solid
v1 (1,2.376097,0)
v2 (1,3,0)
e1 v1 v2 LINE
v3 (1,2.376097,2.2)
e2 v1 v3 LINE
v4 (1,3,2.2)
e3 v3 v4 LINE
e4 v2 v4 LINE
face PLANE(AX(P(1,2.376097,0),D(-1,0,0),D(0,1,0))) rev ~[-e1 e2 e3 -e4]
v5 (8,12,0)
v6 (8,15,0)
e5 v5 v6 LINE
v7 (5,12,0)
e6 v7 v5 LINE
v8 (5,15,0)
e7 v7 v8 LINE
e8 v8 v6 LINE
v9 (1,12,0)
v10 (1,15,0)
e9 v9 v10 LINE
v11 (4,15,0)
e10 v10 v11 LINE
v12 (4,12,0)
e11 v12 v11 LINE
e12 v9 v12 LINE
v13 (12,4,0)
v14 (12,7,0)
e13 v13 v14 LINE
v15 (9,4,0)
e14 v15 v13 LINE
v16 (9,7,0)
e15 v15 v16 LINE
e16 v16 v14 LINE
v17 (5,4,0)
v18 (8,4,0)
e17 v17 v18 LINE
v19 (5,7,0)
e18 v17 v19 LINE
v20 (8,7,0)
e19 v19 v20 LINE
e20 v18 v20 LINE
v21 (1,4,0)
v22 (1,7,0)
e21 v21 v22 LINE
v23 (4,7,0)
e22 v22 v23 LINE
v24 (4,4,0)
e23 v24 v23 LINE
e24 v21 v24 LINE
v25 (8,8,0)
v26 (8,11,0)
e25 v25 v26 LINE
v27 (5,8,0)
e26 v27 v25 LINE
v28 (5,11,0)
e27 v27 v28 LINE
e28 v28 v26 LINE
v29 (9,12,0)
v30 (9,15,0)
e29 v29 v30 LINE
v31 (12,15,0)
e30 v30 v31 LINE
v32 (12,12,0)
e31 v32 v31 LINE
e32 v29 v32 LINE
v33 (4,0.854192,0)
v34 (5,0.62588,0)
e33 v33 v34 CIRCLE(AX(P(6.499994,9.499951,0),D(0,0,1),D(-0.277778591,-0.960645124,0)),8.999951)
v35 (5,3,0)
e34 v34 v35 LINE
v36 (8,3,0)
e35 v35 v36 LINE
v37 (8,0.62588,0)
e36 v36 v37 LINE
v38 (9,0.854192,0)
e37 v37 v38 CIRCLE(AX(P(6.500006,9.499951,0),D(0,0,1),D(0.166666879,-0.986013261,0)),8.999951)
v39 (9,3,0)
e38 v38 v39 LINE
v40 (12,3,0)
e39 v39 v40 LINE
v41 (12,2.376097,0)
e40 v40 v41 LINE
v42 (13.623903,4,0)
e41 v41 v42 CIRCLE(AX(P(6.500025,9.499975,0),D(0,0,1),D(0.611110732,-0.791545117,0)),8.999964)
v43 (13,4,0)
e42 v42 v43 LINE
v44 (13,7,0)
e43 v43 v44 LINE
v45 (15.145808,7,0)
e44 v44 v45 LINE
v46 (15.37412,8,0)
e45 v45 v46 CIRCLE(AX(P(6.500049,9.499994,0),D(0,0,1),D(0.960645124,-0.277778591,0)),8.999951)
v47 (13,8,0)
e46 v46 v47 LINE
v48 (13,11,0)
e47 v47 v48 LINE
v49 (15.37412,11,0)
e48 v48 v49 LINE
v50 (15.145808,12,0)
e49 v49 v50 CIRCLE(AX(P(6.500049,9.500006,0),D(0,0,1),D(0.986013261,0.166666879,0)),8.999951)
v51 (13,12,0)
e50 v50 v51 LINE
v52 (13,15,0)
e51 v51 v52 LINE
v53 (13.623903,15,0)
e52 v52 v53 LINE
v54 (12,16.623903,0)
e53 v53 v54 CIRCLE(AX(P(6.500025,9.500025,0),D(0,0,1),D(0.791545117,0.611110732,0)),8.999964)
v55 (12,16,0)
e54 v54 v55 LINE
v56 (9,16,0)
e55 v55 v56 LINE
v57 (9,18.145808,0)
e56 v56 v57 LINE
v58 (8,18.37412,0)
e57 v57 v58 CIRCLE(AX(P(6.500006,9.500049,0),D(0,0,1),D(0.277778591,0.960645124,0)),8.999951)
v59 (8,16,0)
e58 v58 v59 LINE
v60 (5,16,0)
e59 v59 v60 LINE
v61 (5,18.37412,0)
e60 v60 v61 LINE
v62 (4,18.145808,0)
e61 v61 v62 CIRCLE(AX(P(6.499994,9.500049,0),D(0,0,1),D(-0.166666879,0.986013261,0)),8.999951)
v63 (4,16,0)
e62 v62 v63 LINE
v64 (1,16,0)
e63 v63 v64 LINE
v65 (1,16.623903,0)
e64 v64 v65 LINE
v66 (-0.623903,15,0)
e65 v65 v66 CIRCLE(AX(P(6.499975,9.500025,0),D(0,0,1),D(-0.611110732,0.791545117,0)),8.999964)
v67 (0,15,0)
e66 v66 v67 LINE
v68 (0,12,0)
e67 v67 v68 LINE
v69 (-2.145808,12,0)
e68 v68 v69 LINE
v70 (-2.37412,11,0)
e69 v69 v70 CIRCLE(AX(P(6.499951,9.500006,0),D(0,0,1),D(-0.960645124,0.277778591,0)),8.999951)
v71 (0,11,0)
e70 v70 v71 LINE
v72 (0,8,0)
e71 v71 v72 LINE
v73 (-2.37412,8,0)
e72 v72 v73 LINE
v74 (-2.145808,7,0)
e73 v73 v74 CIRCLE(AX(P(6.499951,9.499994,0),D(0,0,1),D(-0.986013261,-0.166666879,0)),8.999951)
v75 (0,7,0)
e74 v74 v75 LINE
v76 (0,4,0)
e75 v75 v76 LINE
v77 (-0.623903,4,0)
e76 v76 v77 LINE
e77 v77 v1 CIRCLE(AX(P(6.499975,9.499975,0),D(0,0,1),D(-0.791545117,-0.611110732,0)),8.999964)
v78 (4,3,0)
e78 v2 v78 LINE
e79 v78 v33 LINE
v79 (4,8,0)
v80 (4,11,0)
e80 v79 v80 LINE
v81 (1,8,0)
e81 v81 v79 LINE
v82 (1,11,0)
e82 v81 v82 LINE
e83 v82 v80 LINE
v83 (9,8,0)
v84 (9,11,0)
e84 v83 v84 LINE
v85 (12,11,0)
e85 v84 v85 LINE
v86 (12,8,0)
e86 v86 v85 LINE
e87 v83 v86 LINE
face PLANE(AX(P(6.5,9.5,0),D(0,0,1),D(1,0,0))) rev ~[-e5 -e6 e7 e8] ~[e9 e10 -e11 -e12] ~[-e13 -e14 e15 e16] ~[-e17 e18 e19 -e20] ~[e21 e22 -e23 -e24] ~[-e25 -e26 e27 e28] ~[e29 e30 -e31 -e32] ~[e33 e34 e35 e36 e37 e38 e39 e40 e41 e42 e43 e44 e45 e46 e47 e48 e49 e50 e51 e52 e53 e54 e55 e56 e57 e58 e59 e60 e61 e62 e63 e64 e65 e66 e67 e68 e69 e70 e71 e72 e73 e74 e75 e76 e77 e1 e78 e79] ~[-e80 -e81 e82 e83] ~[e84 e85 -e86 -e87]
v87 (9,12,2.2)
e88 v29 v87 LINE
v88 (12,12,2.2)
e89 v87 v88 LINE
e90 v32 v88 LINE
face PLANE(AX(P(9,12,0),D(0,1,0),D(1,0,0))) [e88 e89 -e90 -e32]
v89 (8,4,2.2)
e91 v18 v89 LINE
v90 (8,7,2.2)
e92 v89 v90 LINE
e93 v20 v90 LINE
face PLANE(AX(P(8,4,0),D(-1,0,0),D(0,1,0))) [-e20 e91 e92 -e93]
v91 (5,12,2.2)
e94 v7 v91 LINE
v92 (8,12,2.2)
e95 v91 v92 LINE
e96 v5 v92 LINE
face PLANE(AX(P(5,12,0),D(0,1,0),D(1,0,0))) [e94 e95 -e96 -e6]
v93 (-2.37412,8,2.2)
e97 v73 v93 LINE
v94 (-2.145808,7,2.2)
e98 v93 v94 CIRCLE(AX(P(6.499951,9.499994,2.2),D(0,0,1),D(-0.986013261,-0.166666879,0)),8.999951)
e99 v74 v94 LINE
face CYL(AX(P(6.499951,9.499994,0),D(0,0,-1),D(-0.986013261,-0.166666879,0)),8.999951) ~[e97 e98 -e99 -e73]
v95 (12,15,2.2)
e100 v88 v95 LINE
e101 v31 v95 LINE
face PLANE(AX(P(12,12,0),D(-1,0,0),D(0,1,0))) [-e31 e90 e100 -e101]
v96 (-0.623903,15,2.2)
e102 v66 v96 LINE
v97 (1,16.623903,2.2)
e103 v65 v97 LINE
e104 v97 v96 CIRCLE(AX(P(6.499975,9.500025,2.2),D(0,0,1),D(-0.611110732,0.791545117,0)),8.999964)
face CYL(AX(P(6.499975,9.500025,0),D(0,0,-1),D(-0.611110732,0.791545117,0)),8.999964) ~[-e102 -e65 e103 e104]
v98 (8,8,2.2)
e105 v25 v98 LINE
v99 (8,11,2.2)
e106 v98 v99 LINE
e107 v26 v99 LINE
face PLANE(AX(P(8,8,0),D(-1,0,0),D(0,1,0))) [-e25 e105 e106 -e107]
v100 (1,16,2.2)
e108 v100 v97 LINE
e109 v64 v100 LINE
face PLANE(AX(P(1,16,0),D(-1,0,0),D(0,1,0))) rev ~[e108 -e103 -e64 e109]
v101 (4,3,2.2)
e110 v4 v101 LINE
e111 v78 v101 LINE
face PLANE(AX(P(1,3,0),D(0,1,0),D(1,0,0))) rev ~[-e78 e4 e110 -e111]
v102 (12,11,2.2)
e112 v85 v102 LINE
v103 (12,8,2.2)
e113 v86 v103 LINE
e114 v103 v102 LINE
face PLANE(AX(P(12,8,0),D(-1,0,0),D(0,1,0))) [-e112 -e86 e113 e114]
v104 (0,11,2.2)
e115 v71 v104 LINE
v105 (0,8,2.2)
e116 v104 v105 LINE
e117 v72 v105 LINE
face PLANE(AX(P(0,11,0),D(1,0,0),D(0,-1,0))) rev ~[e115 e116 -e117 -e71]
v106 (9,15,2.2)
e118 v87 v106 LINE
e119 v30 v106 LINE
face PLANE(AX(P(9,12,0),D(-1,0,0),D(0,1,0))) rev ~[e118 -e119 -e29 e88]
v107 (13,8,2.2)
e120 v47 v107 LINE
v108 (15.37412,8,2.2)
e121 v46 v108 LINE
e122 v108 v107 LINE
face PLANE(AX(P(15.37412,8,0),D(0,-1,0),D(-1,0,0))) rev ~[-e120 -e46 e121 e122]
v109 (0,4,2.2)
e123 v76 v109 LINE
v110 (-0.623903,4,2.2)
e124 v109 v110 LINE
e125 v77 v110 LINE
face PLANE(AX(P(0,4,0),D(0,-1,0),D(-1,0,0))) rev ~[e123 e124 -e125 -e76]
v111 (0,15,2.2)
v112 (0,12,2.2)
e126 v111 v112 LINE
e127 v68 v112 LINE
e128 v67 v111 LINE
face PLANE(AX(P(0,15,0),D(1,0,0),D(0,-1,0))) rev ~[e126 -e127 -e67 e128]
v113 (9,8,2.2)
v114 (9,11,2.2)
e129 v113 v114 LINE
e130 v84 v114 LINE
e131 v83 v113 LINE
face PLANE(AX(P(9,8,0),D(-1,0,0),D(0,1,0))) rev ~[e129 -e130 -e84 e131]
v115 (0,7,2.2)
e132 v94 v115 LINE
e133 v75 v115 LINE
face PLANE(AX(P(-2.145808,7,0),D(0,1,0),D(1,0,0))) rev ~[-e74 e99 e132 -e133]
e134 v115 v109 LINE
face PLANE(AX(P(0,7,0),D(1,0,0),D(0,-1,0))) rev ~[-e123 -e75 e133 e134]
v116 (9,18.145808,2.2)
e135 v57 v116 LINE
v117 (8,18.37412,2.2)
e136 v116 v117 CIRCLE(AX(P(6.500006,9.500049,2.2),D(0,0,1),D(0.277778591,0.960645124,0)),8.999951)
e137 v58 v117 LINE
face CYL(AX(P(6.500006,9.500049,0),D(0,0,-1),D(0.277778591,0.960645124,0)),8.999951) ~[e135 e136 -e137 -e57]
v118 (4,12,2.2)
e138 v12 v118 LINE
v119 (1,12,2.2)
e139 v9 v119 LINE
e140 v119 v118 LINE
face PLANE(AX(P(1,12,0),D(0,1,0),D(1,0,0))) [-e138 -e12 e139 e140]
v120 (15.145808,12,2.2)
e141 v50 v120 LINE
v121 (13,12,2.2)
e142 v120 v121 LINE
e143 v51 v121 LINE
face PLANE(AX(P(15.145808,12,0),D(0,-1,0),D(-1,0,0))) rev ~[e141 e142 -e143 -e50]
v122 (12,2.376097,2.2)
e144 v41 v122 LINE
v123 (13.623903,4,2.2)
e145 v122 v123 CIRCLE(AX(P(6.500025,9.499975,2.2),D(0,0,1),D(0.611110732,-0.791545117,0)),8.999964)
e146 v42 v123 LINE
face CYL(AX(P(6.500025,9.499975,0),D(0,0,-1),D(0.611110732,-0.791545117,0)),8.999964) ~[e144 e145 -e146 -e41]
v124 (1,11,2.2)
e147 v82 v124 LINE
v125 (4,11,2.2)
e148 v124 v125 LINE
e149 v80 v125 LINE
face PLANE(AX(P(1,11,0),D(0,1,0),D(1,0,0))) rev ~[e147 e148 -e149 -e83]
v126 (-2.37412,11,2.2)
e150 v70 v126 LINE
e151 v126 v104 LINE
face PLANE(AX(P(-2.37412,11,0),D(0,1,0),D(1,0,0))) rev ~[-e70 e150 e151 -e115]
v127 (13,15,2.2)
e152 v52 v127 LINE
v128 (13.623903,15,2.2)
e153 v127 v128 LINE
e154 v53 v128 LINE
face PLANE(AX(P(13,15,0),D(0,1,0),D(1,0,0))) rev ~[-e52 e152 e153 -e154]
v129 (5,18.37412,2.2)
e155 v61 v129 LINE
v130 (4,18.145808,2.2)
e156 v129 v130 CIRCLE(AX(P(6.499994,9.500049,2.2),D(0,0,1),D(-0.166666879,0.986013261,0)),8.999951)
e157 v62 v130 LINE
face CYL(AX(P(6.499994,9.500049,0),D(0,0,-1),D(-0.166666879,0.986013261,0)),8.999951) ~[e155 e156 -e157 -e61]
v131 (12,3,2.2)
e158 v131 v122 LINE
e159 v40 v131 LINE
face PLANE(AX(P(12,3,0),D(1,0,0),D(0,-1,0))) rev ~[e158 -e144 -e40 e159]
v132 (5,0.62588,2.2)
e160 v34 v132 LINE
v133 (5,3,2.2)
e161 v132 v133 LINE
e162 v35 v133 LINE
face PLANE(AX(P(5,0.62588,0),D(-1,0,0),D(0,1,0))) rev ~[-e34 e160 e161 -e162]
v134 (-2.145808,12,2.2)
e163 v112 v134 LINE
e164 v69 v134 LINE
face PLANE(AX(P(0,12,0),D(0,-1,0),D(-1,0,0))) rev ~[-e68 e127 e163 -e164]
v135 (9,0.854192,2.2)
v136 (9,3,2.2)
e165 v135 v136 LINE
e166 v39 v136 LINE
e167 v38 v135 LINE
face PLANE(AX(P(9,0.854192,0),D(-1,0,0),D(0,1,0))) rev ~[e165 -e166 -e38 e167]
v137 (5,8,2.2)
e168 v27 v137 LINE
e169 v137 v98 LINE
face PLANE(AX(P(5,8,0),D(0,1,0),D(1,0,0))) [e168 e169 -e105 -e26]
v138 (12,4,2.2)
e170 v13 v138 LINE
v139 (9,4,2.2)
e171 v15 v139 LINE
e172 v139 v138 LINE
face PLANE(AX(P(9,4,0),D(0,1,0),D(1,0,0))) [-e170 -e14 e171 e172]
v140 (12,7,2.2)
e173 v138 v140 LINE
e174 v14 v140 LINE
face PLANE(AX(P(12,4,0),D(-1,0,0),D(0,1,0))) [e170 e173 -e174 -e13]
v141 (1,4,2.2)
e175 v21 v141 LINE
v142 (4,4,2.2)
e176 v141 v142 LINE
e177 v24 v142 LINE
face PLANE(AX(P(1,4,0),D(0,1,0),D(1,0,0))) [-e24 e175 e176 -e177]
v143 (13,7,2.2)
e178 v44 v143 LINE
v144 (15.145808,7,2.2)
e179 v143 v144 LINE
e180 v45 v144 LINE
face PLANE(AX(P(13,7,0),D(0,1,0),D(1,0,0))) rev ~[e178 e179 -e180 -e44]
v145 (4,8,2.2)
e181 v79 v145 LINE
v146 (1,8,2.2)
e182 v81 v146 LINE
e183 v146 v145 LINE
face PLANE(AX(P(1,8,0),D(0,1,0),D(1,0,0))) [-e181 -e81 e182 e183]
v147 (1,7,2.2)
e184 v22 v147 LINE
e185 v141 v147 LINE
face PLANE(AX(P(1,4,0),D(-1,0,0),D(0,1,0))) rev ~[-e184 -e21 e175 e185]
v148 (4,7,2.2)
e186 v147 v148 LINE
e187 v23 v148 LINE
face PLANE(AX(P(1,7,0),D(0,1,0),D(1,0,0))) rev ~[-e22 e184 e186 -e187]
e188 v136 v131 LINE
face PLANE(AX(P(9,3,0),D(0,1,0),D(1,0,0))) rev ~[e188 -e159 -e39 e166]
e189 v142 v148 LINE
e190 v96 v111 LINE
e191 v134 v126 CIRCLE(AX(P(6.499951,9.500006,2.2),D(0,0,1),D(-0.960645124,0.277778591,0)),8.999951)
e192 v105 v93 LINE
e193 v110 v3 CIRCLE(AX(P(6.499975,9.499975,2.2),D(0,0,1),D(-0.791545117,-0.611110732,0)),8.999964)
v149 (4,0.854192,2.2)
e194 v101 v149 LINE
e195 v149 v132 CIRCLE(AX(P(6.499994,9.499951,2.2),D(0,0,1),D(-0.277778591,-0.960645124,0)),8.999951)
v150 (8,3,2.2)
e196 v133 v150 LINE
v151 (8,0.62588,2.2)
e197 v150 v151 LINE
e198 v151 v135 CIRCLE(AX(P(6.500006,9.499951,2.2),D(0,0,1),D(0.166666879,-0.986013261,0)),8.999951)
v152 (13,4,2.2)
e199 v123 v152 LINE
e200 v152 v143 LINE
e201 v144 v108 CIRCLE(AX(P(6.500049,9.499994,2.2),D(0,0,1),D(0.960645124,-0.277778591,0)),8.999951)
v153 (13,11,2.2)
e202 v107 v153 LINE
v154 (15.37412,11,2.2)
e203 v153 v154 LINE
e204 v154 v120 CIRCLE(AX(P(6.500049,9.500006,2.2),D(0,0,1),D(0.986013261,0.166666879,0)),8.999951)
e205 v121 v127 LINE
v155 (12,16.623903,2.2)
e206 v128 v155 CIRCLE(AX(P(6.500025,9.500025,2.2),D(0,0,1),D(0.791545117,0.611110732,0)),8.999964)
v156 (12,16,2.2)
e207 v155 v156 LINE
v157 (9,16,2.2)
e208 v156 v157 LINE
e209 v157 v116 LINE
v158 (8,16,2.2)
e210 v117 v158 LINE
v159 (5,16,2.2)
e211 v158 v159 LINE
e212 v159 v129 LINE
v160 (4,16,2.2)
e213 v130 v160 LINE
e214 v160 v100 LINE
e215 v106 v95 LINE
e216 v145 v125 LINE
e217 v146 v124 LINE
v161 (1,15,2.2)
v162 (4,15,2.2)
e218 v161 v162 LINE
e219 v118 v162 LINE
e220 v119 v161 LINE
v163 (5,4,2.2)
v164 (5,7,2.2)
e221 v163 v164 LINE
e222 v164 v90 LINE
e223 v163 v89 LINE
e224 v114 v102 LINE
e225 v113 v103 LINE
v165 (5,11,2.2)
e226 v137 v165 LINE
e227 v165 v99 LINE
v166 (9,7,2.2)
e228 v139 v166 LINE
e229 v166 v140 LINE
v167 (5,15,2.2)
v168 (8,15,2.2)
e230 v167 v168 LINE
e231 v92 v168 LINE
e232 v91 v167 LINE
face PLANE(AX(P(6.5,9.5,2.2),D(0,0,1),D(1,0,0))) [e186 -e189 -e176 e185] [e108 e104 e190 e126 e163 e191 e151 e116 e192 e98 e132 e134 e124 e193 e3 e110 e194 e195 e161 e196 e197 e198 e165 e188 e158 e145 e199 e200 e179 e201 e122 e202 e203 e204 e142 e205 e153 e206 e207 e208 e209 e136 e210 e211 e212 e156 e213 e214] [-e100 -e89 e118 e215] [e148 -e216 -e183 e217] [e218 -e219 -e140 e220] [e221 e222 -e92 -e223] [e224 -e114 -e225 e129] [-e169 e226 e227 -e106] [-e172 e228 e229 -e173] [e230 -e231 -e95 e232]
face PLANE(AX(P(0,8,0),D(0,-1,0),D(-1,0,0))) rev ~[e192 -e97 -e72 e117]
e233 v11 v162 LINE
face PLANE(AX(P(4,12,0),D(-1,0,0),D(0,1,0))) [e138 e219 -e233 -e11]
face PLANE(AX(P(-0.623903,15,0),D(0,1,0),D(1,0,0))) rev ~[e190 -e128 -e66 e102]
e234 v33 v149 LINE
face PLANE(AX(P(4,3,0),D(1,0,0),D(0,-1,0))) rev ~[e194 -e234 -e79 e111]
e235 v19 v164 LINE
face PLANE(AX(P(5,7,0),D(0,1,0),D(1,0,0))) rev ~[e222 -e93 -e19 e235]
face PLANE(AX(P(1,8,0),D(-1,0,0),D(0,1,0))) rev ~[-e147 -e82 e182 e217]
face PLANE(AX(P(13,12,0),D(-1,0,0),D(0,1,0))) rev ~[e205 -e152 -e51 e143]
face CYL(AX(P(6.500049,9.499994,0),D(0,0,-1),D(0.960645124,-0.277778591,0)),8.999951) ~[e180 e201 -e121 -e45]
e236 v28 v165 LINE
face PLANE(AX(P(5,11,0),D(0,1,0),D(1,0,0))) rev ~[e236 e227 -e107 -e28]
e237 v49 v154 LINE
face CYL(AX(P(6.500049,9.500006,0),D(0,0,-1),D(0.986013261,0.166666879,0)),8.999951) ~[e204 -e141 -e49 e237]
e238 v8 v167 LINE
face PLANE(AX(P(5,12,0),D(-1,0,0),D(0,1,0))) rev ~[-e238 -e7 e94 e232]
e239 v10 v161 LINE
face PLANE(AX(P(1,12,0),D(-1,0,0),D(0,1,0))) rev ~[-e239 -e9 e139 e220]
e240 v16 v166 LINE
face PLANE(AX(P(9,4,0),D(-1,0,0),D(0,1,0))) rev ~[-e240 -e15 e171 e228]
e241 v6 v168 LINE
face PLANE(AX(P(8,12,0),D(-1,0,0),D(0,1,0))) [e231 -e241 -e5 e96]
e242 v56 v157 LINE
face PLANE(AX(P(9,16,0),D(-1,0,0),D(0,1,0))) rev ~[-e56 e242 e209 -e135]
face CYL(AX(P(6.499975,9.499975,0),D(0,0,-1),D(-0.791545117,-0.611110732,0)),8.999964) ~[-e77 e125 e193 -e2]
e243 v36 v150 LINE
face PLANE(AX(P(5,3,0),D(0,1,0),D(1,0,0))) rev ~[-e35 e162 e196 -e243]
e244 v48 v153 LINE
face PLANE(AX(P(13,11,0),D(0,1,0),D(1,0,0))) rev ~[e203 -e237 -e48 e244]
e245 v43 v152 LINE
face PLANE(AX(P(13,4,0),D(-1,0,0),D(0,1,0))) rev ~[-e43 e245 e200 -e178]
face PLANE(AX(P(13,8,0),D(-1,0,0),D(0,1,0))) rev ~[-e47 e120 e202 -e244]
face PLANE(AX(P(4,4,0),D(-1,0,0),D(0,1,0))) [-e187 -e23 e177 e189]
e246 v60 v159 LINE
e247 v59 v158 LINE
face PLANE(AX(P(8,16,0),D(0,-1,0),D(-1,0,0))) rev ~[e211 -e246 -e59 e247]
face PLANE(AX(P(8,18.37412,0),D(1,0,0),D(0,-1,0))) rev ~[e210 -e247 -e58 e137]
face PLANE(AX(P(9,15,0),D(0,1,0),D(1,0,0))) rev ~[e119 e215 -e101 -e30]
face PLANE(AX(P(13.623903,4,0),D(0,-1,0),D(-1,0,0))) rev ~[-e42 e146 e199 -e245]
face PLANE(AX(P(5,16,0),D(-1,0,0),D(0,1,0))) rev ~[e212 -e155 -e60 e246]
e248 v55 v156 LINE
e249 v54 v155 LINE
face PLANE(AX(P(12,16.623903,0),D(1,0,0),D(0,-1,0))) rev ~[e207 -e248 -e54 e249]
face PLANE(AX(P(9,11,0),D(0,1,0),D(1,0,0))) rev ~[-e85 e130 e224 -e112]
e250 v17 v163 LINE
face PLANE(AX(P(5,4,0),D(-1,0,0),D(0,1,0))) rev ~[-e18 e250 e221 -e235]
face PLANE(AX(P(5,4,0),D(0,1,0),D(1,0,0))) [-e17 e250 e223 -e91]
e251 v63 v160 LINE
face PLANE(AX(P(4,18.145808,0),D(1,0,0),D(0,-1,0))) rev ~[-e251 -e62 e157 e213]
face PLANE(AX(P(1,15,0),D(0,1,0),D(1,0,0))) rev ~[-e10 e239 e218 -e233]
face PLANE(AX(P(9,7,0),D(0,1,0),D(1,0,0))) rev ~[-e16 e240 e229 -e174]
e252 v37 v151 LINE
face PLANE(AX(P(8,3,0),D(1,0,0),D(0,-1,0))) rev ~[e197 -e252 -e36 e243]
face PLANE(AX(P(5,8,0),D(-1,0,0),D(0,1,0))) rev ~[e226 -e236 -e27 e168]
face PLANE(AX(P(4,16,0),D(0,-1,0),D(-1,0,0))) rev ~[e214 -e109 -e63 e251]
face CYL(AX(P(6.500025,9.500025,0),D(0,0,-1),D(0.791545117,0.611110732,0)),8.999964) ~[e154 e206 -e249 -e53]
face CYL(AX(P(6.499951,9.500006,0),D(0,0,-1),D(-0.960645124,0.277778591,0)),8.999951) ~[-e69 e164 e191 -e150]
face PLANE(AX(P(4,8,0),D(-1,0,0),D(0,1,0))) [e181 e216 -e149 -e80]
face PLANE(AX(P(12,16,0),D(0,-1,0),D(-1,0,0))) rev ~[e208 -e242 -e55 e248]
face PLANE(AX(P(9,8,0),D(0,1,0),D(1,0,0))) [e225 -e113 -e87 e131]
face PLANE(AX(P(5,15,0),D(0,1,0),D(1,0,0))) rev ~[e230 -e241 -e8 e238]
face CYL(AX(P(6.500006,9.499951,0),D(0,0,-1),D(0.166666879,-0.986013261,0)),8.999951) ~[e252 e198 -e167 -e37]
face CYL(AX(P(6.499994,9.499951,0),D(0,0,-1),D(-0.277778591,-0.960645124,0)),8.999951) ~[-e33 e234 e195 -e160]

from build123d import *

# Parameters (mm, degrees)
F0_W     = 3
F0_H     = 3
F1_DEPTH = 2.2


with BuildPart() as f1:
    # F0 (on Top) → F1 (new body)
    with BuildSketch(Plane.XY):
        with BuildLine():
            Line((1, 3), (4, 3))
            Line((4, 3), (4, 0.854192))
            ThreePointArc((4, 0.854192), (4.496745, 0.725778), (5, 0.62588))
            Line((5, 0.62588), (5, 3))
            Line((5, 3), (8, 3))
            Line((8, 3), (8, 0.62588))
            ThreePointArc((8, 0.62588), (8.503255, 0.725778), (9, 0.854192))
            Line((9, 0.854192), (9, 3))
            Line((9, 3), (12, 3))
            Line((12, 3), (12, 2.376097))
            ThreePointArc((12, 2.376097), (12.863961, 3.136039), (13.623903, 4))
            Line((13.623903, 4), (13, 4))
            Line((13, 4), (13, 7))
            Line((13, 7), (15.145808, 7))
            ThreePointArc((15.145808, 7), (15.274222, 7.496745), (15.37412, 8))
            Line((15.37412, 8), (13, 8))
            Line((13, 8), (13, 11))
            Line((13, 11), (15.37412, 11))
            ThreePointArc((15.37412, 11), (15.274222, 11.503255), (15.145808, 12))
            Line((15.145808, 12), (13, 12))
            Line((13, 12), (13, 15))
            Line((13, 15), (13.623903, 15))
            ThreePointArc((13.623903, 15), (12.863961, 15.863961), (12, 16.623903))
            Line((12, 16.623903), (12, 16))
            Line((12, 16), (9, 16))
            Line((9, 16), (9, 18.145808))
            ThreePointArc((9, 18.145808), (8.503255, 18.274222), (8, 18.37412))
            Line((8, 18.37412), (8, 16))
            Line((8, 16), (5, 16))
            Line((5, 16), (5, 18.37412))
            ThreePointArc((5, 18.37412), (4.496745, 18.274222), (4, 18.145808))
            Line((4, 18.145808), (4, 16))
            Line((4, 16), (1, 16))
            Line((1, 16), (1, 16.623903))
            ThreePointArc((1, 16.623903), (0.136039, 15.863961), (-0.623903, 15))
            Line((-0.623903, 15), (0, 15))
            Line((0, 15), (0, 12))
            Line((0, 12), (-2.145808, 12))
            ThreePointArc((-2.145808, 12), (-2.274222, 11.503255), (-2.37412, 11))
            Line((-2.37412, 11), (0, 11))
            Line((0, 11), (0, 8))
            Line((0, 8), (-2.37412, 8))
            ThreePointArc((-2.37412, 8), (-2.274222, 7.496745), (-2.145808, 7))
            Line((-2.145808, 7), (0, 7))
            Line((0, 7), (0, 4))
            Line((0, 4), (-0.623903, 4))
            ThreePointArc((-0.623903, 4), (0.136039, 3.136039), (1, 2.376097))
            Line((1, 2.376097), (1, 3))
        make_face()
        with Locations((2.5, 5.5)):
            Rectangle(F0_W, F0_H, mode=Mode.SUBTRACT)
        with Locations((6.5, 5.5)):
            Rectangle(F0_W, F0_H, mode=Mode.SUBTRACT)
        with Locations((10.5, 5.5)):
            Rectangle(F0_W, F0_H, mode=Mode.SUBTRACT)
        with Locations((2.5, 9.5)):
            Rectangle(F0_W, F0_H, mode=Mode.SUBTRACT)
        with Locations((2.5, 13.5)):
            Rectangle(F0_W, F0_H, mode=Mode.SUBTRACT)
        with Locations((6.5, 9.5)):
            Rectangle(F0_W, F0_H, mode=Mode.SUBTRACT)
        with Locations((10.5, 9.5)):
            Rectangle(F0_W, F0_H, mode=Mode.SUBTRACT)
        with Locations((6.5, 13.5)):
            Rectangle(F0_W, F0_H, mode=Mode.SUBTRACT)
        with Locations((10.5, 13.5)):
            Rectangle(F0_W, F0_H, mode=Mode.SUBTRACT)
    extrude(amount=F1_DEPTH)


solid = f1.part
